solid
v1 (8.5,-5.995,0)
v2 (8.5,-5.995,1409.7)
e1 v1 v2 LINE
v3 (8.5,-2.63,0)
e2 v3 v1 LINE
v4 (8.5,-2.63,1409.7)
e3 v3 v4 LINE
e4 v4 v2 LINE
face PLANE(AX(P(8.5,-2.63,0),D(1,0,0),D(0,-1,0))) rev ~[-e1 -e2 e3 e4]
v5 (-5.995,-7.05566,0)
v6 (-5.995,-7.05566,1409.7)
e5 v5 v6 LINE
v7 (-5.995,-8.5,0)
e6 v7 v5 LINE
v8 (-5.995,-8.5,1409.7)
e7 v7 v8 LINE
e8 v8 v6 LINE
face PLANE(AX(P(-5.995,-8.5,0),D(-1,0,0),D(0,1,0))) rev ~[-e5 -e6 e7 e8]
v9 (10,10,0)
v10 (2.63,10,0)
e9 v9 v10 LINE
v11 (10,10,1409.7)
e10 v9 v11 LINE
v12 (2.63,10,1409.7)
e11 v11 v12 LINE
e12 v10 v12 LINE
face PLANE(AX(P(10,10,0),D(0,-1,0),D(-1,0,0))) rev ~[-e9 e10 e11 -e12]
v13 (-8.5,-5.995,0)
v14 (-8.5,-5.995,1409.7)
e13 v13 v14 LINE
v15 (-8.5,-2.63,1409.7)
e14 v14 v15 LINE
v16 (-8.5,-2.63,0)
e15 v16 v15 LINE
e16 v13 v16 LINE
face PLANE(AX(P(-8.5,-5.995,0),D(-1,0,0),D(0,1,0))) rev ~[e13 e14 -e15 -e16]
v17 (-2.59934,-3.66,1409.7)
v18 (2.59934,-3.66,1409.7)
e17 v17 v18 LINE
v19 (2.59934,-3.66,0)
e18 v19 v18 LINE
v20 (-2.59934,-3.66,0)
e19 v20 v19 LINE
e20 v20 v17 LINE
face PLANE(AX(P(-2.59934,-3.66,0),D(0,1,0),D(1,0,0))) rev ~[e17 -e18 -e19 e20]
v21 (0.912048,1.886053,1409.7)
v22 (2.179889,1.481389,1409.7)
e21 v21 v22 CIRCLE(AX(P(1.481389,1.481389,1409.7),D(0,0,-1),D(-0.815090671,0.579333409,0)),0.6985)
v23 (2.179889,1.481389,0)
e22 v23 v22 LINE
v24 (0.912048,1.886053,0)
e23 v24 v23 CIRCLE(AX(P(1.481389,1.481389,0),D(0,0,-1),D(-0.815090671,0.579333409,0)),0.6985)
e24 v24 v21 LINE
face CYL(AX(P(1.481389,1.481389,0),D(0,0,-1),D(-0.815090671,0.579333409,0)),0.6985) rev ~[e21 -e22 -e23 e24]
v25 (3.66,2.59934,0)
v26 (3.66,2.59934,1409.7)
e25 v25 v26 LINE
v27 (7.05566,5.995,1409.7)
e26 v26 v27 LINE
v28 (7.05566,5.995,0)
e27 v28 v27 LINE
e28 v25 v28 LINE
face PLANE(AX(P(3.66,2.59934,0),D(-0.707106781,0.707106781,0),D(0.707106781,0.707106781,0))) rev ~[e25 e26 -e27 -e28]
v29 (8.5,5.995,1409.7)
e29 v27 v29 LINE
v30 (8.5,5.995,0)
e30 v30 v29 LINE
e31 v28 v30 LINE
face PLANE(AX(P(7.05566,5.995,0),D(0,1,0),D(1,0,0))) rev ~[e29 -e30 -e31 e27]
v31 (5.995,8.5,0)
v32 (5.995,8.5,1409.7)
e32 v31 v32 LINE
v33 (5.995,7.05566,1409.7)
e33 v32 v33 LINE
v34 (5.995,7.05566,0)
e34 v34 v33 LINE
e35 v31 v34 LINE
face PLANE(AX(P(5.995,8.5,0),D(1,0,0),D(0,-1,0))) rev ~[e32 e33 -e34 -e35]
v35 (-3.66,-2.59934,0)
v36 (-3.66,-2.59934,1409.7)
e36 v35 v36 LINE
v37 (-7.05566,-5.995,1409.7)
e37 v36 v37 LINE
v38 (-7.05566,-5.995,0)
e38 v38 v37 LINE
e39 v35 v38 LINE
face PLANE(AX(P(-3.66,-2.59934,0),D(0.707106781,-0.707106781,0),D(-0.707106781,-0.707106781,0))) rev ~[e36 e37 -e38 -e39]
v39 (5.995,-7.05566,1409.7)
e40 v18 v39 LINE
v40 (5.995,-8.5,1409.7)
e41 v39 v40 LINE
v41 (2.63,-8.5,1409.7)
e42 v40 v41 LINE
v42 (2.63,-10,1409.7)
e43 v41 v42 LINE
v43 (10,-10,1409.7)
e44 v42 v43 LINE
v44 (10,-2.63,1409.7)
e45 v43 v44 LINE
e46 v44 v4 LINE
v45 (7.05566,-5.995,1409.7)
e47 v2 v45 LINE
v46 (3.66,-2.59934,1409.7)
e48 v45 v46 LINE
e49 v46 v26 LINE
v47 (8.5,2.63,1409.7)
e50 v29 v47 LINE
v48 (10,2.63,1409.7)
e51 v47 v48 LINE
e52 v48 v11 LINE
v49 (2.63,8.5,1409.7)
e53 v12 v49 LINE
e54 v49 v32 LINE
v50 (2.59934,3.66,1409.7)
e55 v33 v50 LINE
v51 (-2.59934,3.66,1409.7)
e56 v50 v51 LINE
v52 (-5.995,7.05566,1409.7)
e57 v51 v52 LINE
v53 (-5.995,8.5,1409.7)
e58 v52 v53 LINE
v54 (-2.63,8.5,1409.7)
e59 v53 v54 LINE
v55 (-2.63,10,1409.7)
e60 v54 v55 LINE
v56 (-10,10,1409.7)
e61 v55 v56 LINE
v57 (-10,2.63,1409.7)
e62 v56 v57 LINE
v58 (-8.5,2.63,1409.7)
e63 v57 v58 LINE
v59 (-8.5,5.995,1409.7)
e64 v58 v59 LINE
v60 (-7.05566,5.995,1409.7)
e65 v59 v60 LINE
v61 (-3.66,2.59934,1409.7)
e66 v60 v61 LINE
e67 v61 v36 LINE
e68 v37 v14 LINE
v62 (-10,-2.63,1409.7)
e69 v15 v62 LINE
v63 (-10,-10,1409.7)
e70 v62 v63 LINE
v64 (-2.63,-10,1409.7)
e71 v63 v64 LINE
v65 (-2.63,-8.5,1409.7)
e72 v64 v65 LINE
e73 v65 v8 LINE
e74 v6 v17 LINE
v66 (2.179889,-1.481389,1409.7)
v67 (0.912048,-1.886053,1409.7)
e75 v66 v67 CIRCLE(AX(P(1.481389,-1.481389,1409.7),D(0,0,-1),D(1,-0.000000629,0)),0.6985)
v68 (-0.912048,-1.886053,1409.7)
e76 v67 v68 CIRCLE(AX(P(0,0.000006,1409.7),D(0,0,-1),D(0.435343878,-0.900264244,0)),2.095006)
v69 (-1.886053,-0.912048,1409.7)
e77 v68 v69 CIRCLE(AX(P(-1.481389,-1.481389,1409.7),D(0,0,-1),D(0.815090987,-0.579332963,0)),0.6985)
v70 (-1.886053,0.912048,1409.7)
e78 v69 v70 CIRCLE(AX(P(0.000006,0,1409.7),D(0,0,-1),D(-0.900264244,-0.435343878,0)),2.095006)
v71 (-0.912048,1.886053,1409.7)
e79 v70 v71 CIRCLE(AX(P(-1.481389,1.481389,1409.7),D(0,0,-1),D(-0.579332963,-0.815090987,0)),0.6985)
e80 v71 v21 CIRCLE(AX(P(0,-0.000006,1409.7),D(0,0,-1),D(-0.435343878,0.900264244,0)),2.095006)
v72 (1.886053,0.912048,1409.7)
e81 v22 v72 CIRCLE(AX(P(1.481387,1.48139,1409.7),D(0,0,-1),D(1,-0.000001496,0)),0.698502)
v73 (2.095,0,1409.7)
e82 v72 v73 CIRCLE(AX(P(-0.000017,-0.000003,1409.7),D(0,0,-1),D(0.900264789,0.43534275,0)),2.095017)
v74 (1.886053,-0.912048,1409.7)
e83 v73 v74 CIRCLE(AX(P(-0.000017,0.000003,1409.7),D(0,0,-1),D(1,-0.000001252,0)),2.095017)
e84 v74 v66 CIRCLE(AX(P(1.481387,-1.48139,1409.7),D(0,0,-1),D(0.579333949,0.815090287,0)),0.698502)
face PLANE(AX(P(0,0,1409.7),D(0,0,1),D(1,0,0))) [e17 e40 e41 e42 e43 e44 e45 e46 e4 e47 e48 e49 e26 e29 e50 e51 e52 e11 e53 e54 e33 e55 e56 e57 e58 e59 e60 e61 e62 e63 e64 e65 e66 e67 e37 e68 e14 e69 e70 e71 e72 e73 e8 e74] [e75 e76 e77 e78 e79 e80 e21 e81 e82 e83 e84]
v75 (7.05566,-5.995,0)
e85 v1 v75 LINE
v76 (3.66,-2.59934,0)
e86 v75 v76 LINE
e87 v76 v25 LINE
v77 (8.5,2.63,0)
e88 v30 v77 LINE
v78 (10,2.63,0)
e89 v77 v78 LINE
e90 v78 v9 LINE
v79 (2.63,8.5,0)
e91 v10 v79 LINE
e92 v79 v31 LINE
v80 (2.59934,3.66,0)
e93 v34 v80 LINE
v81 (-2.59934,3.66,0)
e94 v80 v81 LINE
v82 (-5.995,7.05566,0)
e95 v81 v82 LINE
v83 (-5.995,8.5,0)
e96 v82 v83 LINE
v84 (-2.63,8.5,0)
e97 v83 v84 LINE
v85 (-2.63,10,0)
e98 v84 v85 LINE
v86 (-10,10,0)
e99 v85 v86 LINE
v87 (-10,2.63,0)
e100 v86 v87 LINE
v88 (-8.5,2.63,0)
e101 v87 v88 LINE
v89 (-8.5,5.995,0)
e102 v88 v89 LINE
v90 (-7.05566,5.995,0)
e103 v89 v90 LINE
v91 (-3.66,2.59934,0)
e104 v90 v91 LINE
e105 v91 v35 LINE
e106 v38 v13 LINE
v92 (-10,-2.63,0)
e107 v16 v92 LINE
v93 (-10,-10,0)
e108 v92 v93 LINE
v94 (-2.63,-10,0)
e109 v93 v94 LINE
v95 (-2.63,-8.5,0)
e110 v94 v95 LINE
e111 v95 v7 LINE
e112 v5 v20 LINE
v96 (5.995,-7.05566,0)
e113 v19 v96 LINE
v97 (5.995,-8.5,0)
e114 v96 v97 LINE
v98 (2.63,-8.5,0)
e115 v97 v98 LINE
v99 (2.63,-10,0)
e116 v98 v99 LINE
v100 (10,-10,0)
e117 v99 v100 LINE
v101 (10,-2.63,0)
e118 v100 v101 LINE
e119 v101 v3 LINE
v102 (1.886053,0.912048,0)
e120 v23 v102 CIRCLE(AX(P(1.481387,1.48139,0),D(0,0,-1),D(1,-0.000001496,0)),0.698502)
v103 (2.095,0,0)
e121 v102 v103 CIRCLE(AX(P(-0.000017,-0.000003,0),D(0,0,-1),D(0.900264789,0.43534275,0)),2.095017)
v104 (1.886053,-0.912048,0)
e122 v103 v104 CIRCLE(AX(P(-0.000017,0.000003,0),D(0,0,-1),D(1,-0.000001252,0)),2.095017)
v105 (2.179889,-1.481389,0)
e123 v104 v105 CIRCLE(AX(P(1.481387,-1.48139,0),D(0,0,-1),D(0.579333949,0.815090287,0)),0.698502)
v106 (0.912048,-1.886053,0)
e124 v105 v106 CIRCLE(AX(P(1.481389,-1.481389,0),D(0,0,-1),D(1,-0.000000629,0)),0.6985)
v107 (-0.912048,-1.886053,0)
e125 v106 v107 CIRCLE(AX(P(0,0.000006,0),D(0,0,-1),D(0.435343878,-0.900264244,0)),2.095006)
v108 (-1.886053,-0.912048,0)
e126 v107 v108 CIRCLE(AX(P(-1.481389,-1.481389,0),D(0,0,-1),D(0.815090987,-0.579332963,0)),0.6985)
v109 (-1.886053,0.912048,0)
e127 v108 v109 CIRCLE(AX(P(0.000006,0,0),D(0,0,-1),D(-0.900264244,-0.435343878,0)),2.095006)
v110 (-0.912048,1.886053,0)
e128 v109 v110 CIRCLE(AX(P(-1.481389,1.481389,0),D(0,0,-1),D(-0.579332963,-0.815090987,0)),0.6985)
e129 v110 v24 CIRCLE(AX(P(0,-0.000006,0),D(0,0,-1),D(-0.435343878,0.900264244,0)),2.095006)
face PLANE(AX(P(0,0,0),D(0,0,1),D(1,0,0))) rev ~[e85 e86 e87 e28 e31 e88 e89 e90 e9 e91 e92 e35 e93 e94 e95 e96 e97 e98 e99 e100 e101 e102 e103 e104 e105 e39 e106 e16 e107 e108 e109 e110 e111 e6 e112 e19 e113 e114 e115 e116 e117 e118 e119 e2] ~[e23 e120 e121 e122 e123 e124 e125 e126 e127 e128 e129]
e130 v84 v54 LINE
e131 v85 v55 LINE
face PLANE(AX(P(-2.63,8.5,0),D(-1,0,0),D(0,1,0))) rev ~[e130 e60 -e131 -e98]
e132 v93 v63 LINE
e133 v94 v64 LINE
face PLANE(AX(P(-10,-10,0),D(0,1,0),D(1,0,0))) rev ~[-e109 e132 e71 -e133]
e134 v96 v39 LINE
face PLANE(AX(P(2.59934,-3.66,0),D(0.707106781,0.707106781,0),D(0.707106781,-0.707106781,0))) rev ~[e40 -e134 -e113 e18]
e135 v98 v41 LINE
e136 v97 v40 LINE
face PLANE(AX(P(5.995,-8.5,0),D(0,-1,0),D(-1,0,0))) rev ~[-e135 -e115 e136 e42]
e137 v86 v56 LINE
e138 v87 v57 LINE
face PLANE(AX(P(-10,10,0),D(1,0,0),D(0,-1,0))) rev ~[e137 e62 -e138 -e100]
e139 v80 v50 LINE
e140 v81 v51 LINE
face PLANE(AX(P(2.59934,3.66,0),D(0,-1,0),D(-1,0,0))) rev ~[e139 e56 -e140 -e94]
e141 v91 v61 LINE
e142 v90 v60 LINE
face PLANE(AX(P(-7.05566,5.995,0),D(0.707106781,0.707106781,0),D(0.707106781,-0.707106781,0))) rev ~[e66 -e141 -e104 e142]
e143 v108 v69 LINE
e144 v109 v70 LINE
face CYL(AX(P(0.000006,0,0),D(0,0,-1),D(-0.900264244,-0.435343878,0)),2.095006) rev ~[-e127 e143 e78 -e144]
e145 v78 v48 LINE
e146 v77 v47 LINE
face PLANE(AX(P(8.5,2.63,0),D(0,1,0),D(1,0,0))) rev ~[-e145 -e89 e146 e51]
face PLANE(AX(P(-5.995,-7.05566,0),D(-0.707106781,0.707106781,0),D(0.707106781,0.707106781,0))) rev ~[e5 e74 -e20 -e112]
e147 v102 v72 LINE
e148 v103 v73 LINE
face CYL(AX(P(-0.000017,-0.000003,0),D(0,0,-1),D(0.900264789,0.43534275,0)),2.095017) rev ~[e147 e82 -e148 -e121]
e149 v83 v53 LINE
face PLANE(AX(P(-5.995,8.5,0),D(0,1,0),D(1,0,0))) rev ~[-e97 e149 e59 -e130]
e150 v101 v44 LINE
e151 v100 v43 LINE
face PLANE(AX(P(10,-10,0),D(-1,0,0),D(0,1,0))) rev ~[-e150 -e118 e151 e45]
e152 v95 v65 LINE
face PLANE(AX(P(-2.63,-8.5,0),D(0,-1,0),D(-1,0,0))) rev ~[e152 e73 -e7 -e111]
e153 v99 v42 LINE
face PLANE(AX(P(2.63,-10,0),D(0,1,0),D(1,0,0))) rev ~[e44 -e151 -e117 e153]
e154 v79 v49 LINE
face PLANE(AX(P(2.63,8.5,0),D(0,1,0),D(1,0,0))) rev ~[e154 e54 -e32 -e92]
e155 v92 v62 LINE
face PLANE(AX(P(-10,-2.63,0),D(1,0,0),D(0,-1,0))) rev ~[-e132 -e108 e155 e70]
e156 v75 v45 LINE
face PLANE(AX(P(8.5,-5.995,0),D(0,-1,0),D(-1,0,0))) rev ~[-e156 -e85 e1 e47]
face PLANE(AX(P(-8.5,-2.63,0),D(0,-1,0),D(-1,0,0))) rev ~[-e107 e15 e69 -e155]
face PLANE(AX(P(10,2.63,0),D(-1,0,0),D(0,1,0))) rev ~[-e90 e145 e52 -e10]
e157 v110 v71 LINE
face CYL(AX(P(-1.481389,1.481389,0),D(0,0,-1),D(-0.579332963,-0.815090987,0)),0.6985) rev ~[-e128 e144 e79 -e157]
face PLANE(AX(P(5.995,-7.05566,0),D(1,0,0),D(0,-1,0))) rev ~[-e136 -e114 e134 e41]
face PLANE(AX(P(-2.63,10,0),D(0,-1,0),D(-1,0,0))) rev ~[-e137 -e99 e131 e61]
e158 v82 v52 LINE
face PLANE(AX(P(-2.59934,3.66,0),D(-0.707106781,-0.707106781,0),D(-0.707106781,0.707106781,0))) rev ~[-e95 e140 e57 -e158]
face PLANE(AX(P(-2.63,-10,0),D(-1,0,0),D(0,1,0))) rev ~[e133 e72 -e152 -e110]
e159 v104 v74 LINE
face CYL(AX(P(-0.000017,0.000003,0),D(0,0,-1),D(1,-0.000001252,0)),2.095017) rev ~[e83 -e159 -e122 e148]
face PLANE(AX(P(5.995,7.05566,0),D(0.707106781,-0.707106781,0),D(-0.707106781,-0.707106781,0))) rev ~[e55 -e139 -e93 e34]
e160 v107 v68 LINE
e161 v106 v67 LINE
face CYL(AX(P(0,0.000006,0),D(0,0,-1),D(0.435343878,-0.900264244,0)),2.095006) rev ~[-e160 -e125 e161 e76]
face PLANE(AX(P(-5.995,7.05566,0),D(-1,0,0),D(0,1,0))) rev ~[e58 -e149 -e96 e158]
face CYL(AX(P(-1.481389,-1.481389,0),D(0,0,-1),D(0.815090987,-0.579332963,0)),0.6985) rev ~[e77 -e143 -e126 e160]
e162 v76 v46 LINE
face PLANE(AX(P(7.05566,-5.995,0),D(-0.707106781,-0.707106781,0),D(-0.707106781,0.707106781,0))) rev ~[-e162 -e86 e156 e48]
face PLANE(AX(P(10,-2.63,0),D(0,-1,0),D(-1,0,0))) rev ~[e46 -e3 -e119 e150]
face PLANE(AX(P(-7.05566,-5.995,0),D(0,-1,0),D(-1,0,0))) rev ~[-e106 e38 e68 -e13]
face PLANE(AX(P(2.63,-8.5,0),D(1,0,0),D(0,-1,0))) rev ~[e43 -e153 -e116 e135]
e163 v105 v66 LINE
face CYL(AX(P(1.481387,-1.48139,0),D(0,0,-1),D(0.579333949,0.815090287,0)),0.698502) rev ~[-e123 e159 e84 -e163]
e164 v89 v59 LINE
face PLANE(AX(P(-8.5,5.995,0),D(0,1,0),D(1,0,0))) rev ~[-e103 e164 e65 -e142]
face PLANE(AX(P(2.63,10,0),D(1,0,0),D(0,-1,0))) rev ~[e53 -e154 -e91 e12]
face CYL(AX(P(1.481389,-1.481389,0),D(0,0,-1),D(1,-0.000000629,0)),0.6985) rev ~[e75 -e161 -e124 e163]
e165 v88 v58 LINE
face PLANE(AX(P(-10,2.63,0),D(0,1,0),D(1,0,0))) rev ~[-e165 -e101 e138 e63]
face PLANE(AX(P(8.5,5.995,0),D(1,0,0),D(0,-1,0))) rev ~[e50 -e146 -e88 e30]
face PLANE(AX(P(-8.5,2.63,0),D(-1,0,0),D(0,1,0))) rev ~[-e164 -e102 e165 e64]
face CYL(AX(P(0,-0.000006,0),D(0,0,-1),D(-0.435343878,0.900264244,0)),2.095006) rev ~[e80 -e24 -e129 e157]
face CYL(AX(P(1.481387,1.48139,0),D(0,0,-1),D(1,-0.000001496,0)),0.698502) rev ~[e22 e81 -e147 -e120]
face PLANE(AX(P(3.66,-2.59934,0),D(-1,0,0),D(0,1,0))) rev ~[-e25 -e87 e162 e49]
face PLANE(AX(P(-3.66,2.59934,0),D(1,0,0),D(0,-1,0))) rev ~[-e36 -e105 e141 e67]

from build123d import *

# Parameters (mm, degrees)
F1_DEPTH = 1409.7


with BuildPart() as f1:
    # F0 (on Top) → F1 (new body)
    with BuildSketch(Plane.XY):
        Polygon((10, 2.63), (10, 10), (2.63, 10), (2.63, 8.5), (5.995, 8.5), (5.995, 7.05566), (2.59934, 3.66), (-2.59934, 3.66), (-5.995, 7.05566), (-5.995, 8.5), (-2.63, 8.5), (-2.63, 10), (-10, 10), (-10, 2.63), (-8.5, 2.63), (-8.5, 5.995), (-7.05566, 5.995), (-3.66, 2.59934), (-3.66, -2.59934), (-7.05566, -5.995), (-8.5, -5.995), (-8.5, -2.63), (-10, -2.63), (-10, -10), (-2.63, -10), (-2.63, -8.5), (-5.995, -8.5), (-5.995, -7.05566), (-2.59934, -3.66), (2.59934, -3.66), (5.995, -7.05566), (5.995, -8.5), (2.63, -8.5), (2.63, -10), (10, -10), (10, -2.63), (8.5, -2.63), (8.5, -5.995), (7.05566, -5.995), (3.66, -2.59934), (3.66, 2.59934), (7.05566, 5.995), (8.5, 5.995), (8.5, 2.63), align=None)
        with BuildLine():
            ThreePointArc((1.886053, 0.912048), (2.042095, 0.467838), (2.095, 0))
            ThreePointArc((2.095, 0), (2.042095, -0.467838), (1.886053, -0.912048))
            ThreePointArc((1.886053, -0.912048), (2.102098, -1.161042), (2.179889, -1.481389))
            ThreePointArc((2.179889, -1.481389), (1.693777, -2.146816), (0.912048, -1.886053))
            ThreePointArc((0.912048, -1.886053), (0, -2.095), (-0.912048, -1.886053))
            ThreePointArc((-0.912048, -1.886053), (-1.975303, -1.975303), (-1.886053, -0.912048))
            ThreePointArc((-1.886053, -0.912048), (-2.095, 0), (-1.886053, 0.912048))
            ThreePointArc((-1.886053, 0.912048), (-1.975303, 1.975303), (-0.912048, 1.886053))
            ThreePointArc((-0.912048, 1.886053), (0, 2.095), (0.912048, 1.886053))
            ThreePointArc((0.912048, 1.886053), (1.693777, 2.146816), (2.179889, 1.481389))
            ThreePointArc((2.179889, 1.481389), (2.102098, 1.161042), (1.886053, 0.912048))
        make_face(mode=Mode.SUBTRACT)
    extrude(amount=F1_DEPTH)


solid = f1.part
